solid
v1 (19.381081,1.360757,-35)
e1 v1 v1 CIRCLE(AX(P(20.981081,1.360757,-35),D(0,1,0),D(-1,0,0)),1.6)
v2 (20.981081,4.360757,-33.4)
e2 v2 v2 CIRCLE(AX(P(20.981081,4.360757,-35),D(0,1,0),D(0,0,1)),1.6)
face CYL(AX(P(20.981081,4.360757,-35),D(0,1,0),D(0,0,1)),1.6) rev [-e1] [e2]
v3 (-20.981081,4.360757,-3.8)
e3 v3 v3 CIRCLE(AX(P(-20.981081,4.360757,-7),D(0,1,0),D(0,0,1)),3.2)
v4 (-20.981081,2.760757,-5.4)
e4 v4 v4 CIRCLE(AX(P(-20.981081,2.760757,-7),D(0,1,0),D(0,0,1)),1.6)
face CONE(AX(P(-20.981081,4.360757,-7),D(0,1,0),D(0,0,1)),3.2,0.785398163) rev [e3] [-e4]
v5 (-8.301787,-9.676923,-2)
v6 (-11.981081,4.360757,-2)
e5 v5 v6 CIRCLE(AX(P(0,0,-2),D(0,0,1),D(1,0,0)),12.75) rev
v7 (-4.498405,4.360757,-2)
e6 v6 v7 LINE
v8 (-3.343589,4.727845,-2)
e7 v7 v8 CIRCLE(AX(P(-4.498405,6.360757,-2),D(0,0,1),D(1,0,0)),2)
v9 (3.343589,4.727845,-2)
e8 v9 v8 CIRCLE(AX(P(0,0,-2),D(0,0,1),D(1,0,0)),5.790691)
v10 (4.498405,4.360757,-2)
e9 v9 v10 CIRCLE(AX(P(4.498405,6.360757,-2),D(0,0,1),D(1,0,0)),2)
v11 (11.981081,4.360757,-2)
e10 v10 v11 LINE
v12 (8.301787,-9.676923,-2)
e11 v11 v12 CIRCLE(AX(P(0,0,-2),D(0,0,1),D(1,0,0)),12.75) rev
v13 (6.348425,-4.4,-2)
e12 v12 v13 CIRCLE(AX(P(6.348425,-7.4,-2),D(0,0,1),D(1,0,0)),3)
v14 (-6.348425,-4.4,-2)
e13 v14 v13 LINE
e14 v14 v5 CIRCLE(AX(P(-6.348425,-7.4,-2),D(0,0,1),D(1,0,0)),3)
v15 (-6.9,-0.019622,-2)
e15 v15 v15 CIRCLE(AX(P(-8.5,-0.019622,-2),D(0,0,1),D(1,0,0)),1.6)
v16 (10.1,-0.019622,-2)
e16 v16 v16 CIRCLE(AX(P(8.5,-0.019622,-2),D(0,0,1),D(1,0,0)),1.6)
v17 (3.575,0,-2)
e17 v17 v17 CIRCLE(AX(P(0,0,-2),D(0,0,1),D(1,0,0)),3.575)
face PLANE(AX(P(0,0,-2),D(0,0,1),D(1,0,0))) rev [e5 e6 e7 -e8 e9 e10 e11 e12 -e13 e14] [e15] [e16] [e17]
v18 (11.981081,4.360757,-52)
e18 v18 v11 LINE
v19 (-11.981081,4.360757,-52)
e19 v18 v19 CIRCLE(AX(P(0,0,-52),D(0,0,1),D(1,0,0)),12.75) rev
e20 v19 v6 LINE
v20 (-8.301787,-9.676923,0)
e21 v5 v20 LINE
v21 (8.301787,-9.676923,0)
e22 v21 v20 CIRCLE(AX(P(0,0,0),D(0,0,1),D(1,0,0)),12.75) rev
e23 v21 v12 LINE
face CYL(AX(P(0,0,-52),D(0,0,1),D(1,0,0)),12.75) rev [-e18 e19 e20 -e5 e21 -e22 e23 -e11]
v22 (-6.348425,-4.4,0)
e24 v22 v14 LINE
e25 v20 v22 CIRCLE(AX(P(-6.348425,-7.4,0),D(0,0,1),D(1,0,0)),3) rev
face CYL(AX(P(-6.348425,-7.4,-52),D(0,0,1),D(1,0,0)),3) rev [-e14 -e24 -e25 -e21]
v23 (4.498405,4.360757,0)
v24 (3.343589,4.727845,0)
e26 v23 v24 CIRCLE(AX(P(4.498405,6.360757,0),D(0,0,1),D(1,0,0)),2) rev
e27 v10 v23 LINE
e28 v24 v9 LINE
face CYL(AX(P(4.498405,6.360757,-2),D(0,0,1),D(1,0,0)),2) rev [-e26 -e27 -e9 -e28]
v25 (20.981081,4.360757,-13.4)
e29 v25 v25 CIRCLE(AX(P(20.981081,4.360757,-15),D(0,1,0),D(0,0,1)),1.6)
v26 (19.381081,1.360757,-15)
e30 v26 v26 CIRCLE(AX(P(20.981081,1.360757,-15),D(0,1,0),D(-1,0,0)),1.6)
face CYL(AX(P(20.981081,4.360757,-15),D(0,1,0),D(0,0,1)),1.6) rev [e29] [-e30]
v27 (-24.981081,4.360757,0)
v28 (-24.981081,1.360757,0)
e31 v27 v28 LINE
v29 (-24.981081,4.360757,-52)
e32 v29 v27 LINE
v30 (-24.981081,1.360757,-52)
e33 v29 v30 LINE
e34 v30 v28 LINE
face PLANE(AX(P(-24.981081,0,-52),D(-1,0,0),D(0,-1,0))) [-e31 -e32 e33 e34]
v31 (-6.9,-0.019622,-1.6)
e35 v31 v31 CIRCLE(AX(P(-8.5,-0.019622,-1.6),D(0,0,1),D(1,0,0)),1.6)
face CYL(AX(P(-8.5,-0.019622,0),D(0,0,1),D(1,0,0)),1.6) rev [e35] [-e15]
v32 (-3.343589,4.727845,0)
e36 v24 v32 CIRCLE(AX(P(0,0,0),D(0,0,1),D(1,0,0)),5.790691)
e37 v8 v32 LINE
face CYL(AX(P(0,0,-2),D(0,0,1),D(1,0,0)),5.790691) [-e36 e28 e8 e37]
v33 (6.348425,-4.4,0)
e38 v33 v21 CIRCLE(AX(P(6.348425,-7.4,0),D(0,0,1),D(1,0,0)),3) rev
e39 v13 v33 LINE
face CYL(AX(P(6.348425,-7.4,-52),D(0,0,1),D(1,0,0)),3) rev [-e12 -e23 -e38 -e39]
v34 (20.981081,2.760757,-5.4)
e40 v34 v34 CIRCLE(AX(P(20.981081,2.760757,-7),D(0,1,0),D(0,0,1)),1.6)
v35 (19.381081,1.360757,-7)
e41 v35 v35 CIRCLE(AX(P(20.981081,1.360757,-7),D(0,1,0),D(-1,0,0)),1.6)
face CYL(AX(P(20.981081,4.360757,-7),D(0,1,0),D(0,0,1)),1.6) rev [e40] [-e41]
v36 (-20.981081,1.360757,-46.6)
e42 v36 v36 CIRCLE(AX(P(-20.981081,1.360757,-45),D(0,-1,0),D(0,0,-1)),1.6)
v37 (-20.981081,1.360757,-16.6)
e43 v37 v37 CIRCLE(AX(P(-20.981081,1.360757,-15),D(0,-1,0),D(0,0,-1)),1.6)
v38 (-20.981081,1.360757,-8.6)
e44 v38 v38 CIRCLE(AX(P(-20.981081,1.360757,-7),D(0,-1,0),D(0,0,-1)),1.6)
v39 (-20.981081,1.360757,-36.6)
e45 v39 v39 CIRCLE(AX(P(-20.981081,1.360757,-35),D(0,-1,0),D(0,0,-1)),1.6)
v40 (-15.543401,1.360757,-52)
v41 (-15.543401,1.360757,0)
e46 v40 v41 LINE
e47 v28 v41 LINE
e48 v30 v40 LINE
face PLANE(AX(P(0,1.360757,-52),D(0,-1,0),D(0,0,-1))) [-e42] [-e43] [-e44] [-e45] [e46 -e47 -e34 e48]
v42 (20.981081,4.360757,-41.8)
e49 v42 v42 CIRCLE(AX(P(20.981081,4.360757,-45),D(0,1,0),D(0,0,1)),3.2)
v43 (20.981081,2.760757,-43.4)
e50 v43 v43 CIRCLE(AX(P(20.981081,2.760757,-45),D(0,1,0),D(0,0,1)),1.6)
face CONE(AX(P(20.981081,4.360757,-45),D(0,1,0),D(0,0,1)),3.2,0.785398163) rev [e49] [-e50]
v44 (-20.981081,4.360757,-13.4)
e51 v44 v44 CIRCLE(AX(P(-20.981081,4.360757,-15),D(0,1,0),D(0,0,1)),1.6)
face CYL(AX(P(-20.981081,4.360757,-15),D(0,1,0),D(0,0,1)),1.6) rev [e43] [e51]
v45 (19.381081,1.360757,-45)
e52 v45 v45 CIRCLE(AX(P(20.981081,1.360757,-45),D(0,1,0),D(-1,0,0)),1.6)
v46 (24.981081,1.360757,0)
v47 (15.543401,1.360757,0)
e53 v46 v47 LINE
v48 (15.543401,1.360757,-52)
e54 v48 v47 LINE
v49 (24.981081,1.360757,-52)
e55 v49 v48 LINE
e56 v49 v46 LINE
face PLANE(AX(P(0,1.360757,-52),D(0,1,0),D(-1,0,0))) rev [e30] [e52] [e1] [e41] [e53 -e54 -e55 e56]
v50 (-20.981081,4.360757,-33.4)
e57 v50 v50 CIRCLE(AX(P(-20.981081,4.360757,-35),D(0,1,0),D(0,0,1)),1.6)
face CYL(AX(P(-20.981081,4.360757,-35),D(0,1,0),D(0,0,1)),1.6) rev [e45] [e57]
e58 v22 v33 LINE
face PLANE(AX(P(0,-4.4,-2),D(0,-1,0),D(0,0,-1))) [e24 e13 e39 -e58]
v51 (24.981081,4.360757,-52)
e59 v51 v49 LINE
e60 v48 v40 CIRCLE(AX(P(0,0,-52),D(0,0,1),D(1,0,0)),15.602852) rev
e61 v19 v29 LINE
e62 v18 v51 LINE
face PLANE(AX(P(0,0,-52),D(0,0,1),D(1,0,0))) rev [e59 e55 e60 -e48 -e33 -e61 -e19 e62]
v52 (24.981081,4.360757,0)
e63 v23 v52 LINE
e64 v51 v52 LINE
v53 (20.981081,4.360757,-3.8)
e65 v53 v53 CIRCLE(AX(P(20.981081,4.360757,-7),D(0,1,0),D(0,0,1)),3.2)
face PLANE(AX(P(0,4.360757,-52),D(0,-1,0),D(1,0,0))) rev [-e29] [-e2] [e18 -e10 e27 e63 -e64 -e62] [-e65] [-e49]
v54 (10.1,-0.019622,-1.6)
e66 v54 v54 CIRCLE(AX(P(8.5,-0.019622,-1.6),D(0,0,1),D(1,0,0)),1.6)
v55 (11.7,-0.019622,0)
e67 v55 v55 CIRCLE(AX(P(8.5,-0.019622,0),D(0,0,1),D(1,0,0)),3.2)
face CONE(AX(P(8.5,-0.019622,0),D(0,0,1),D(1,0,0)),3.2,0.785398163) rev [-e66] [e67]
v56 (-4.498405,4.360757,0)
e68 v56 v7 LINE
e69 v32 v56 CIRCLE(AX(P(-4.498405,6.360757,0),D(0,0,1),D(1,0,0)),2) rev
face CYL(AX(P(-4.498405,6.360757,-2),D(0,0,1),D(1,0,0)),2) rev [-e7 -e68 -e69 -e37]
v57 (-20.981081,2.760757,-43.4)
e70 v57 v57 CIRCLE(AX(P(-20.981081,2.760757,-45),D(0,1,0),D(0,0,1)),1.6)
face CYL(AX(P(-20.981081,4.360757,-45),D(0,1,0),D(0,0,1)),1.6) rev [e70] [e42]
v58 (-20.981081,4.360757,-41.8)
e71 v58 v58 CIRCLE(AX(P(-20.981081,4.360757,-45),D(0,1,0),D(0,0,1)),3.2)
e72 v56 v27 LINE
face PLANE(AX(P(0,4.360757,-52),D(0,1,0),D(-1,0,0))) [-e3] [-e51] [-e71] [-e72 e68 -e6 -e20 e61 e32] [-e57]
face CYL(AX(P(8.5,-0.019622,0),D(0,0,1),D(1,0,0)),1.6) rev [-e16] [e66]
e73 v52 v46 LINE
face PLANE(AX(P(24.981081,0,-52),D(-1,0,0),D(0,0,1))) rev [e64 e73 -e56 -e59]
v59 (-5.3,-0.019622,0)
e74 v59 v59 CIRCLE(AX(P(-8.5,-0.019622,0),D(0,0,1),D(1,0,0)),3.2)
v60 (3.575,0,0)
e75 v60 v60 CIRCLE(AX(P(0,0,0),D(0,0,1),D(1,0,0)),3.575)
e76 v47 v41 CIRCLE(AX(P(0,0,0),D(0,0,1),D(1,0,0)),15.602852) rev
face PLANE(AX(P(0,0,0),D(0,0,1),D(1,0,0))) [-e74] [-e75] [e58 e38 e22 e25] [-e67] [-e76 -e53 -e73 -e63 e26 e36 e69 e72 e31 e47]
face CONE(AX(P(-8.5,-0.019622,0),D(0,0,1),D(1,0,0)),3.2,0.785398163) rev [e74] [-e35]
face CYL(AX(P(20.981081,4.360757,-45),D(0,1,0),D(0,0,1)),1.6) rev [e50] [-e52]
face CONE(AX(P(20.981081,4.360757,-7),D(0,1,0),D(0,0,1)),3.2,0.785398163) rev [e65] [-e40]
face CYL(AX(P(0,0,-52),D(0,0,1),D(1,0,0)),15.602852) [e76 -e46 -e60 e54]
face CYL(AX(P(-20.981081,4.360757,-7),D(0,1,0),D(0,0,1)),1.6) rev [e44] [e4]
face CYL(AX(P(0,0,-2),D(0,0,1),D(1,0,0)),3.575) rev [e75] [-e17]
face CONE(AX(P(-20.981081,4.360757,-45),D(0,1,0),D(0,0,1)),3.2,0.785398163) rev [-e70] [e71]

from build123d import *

# Parameters (mm, degrees)
BOSS_EXTRUDE1_DEPTH = 52
SKETCH3_R           = 3.575
BOSS_EXTRUDE2_DEPTH = 2
FILLET2_R           = 2
HOLE1_D             = 3.2
HOLE1_CSINK_D       = 6.4
HOLE1_CSINK_ANGLE   = 90
HOLE2_D             = 3.2
HOLE3_D             = 3.2
HOLE3_CSINK_D       = 6.4
HOLE3_CSINK_ANGLE   = 90
FILLET1_R           = 3


with BuildPart() as part:
    # Sketch1 → Boss-Extrude1 (new body)
    with BuildSketch(Plane.XY):
        with BuildLine():
            ThreePointArc((14.981080915, 4.360756827), (0, -15.602851838), (-14.981080915, 4.360756827))
            Line((-14.981080915, 4.360756827), (-11.981080915, 4.360756827))
            ThreePointArc((-11.981080915, 4.360756827), (0, -12.75), (11.981080915, 4.360756827))
            Line((11.981080915, 4.360756827), (14.981080915, 4.360756827))
        make_face()
        with BuildLine():
            ThreePointArc((-15.543401376, 1.360756827), (-15.335775324, 2.874540085), (-14.981080915, 4.360756827))
            Line((-14.981080915, 4.360756827), (-24.981080915, 4.360756827))
            Line((-24.981080915, 4.360756827), (-24.981080915, 1.360756827))
            Line((-24.981080915, 1.360756827), (-15.543401376, 1.360756827))
        make_face()
        with BuildLine():
            Line((24.981080915, 4.360756827), (14.981080915, 4.360756827))
            ThreePointArc((14.981080915, 4.360756827), (15.335775324, 2.874540085), (15.543401376, 1.360756827))
            Line((15.543401376, 1.360756827), (24.981080915, 1.360756827))
            Line((24.981080915, 1.360756827), (24.981080915, 4.360756827))
        make_face()
    extrude(amount=-BOSS_EXTRUDE1_DEPTH)

    # Sketch3 → Boss-Extrude2 (add)
    with BuildSketch(Plane.XY):
        with BuildLine():
            Line((-3.809974466, 4.360756827), (-11.981080915, 4.360756827))
            ThreePointArc((-11.981080915, 4.360756827), (-12.749982881, -0.020893346), (-11.966724698, -4.4))
            Line((-11.966724698, -4.4), (11.966724698, -4.4))
            ThreePointArc((11.966724698, -4.4), (12.749982881, -0.020893346), (11.981080915, 4.360756827))
            Line((11.981080915, 4.360756827), (3.809974466, 4.360756827))
            ThreePointArc((3.809974466, 4.360756827), (0, 5.790691284), (-3.809974466, 4.360756827))
        make_face()
        Circle(SKETCH3_R, mode=Mode.SUBTRACT)
    extrude(amount=-BOSS_EXTRUDE2_DEPTH)

    # Fillet2
    fillet2_edges = [part.edges().sort_by_distance(p)[0] for p in [
        (-3.809974466, 4.360756827, -1),
        (3.809974466, 4.360756827, -1),
    ]]
    fillet(fillet2_edges, radius=FILLET2_R)

    # Hole1 (through all)
    with Locations(Plane(origin=(-8.5, -0.019621586, 0), x_dir=(1, 0, 0), z_dir=(0, 0, 1))):
        with Locations((0, 0), (17, 0)):
            CounterSinkHole(HOLE1_D / 2, HOLE1_CSINK_D / 2, counter_sink_angle=HOLE1_CSINK_ANGLE)

    # Hole2 (through all)
    with Locations(Plane(origin=(-20.981080915, 4.360756827, -35), x_dir=(1, 0, 0), z_dir=(0, 1, 0))):
        with Locations((0, 0), (0, -20), (41.96216183, -20), (41.96216183, 0)):
            Hole(HOLE2_D / 2)

    # Hole3 (through all)
    with Locations(Plane(origin=(-20.981080915, 4.360756827, -7), x_dir=(1, 0, 0), z_dir=(0, 1, 0))):
        with Locations((0, 0), (0, 38), (41.96216183, 38), (41.96216183, 0)):
            CounterSinkHole(HOLE3_D / 2, HOLE3_CSINK_D / 2, counter_sink_angle=HOLE3_CSINK_ANGLE)

    # Fillet1
    fillet1_edges = [part.edges().sort_by_distance(p)[0] for p in [
        (11.966724698, -4.4, -1),
        (-11.966724698, -4.4, -1),
    ]]
    fillet(fillet1_edges, radius=FILLET1_R)


solid = part.part
